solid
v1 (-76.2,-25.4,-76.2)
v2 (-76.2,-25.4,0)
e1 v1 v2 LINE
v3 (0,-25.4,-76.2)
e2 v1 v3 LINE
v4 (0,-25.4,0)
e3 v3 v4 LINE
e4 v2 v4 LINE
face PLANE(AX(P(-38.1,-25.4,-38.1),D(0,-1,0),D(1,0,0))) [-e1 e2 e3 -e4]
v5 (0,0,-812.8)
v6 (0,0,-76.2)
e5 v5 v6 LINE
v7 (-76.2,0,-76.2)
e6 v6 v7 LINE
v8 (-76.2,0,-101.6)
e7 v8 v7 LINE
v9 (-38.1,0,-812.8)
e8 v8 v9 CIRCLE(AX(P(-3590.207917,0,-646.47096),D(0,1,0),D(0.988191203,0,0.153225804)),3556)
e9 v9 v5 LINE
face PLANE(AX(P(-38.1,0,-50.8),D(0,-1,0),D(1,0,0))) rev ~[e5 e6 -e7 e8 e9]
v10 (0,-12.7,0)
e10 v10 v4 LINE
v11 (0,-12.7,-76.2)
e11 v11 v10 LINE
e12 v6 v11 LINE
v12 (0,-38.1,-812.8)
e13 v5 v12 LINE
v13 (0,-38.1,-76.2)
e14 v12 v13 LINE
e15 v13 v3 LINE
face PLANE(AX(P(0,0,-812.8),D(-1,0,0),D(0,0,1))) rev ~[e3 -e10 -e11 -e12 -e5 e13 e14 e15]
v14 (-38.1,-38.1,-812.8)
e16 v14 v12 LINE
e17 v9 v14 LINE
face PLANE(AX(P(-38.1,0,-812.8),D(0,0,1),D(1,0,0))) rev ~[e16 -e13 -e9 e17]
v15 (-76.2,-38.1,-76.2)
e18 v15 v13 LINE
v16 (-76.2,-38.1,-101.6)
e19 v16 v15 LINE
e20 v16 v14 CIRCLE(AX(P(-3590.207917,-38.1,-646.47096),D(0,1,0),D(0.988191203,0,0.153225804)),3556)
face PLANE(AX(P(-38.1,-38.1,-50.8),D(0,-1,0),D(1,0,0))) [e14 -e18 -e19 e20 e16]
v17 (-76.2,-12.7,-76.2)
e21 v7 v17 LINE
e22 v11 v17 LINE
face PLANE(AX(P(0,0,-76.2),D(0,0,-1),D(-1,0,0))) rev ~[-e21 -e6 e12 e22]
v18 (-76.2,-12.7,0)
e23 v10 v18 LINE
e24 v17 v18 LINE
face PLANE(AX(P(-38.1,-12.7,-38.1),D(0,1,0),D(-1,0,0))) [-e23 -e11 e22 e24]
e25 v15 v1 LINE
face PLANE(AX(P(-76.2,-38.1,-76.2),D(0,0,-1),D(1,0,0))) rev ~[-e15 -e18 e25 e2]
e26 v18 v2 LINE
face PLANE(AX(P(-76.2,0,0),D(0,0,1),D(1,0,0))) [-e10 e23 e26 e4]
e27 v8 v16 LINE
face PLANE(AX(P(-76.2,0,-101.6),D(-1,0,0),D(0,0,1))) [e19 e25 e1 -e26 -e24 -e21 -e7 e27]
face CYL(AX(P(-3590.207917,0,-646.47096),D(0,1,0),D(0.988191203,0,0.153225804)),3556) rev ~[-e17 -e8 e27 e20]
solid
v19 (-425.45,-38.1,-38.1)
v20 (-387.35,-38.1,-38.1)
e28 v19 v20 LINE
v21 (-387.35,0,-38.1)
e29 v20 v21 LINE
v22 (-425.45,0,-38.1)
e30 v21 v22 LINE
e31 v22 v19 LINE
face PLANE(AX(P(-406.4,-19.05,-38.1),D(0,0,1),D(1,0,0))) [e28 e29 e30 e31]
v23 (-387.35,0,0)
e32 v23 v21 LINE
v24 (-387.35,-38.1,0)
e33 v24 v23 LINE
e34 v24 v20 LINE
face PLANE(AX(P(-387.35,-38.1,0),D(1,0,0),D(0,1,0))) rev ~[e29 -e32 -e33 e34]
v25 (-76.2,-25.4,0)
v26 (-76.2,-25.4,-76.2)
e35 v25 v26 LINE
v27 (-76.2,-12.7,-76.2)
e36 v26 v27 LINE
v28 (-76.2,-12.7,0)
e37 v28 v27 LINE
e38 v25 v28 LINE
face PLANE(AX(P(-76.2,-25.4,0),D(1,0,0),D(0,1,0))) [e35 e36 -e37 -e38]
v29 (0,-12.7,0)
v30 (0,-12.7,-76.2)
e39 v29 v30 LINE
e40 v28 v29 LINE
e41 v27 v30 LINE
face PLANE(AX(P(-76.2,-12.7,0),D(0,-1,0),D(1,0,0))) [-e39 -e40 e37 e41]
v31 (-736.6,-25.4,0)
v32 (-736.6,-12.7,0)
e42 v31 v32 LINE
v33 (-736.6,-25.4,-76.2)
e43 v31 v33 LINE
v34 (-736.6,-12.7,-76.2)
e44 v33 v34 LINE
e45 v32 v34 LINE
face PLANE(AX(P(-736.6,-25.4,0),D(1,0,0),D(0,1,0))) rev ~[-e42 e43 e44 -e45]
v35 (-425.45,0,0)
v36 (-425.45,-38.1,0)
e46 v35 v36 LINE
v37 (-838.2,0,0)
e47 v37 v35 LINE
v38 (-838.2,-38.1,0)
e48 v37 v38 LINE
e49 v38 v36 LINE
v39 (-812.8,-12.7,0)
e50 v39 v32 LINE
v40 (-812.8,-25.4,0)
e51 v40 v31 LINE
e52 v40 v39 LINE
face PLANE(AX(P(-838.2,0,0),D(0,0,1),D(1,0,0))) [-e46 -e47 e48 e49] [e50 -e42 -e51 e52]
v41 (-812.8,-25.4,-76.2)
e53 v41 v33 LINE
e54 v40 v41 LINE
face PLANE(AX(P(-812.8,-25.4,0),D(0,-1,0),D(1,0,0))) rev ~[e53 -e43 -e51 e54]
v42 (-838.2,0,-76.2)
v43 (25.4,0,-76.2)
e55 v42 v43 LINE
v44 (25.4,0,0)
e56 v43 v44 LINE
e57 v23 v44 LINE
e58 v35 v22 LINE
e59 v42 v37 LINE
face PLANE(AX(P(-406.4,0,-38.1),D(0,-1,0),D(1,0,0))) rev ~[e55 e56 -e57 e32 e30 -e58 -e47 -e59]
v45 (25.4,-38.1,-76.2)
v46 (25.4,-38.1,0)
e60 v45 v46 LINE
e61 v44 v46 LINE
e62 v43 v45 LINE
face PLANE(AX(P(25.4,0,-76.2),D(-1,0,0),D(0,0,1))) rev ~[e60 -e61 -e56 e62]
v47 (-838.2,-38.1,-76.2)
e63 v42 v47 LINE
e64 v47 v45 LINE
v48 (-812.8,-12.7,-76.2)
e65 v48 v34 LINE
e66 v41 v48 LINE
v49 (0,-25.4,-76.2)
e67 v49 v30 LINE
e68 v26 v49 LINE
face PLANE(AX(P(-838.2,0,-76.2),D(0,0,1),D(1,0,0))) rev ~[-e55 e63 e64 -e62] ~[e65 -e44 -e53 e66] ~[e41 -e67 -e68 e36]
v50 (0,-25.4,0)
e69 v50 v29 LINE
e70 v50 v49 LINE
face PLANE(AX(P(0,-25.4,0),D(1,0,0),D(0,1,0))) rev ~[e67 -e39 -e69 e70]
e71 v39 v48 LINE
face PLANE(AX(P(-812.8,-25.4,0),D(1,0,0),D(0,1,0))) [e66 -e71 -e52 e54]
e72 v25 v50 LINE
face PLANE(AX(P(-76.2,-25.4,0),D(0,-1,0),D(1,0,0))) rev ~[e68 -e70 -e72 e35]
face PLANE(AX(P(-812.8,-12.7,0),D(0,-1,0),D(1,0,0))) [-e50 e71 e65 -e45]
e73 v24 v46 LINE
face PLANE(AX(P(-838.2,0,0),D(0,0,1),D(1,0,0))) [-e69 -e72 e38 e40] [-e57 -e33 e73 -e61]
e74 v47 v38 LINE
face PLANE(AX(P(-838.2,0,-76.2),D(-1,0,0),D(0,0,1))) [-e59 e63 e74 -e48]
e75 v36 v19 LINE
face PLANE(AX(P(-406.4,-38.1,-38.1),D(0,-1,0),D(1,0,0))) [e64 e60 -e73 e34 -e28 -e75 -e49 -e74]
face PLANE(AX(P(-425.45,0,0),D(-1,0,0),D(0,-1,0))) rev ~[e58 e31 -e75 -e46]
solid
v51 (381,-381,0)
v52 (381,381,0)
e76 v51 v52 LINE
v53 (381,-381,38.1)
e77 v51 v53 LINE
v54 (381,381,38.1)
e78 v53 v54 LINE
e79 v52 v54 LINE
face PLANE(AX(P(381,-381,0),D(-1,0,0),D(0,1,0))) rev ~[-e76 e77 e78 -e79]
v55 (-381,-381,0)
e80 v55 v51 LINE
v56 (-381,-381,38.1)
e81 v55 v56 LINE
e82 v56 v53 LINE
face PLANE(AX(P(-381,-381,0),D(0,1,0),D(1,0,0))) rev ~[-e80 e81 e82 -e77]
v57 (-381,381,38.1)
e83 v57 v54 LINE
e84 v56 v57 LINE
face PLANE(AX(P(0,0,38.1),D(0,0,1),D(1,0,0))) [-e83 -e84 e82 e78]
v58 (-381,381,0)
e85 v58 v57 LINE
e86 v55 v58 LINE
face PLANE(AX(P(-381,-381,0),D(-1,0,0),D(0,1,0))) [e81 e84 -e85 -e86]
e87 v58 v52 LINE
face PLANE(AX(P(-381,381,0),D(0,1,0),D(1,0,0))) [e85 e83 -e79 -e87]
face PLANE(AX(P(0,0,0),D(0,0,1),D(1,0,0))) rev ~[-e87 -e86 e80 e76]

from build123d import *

# Parameters (mm, degrees)
F0_W      = 76.2
F0_H      = 101.6
F1_DEPTH  = 38.1
F2_W      = 76.2
F2_H      = 76.2
F3_DEPTH  = 12.7
F4_W      = 76.2
F4_H      = 76.2
F5_DEPTH  = 12.7
F6_W      = 863.6
F6_H      = 76.2
F7_DEPTH  = 38.1
F8_W      = 76.2
F8_H      = 12.7
F9_DEPTH  = 812.801
F11_DEPTH = 38.1
F12_W     = 762
F12_H     = 762
F13_DEPTH = 38.1


with BuildPart() as f1:
    # F0 (on Front) → F1 (new body)
    with BuildSketch(Plane.XZ):
        with Locations((-38.1, -50.8)):
            Rectangle(F0_W, F0_H)
        with BuildLine():
            Line((0, -101.6), (-76.2, -101.6))
            ThreePointArc((-76.2, -101.6), (-39.2996381375, -456.2437306145), (-38.1, -812.8))
            Line((-38.1, -812.8), (0, -812.8))
            Line((0, -812.8), (0, -101.6))
        make_face()
    extrude(amount=F1_DEPTH)

    # F2 (on face) → F3 (cut)
    with BuildSketch(Plane.XZ.offset(38.1)):
        with Locations((-38.1, -38.1)):
            Rectangle(F2_W, F2_H)
    extrude(amount=-F3_DEPTH, mode=Mode.SUBTRACT)

    # F4 (on face) → F5 (cut)
    with BuildSketch(Plane(origin=(0, 0, 0), x_dir=(-1, 0, 0), z_dir=(0, 1, 0))):
        with Locations((38.1, -38.1)):
            Rectangle(F4_W, F4_H)
    extrude(amount=-F5_DEPTH, mode=Mode.SUBTRACT)


with BuildPart() as f7:
    # F6 (on Front) → F7 (new body)
    with BuildSketch(Plane.XZ):
        with Locations((-406.4, -38.1)):
            Rectangle(F6_W, F6_H)
    extrude(amount=F7_DEPTH)

    # F8 (on face) → F9 (cut, through all)
    with BuildSketch(Plane.XY):
        with Locations((-38.1, -19.05)):
            Rectangle(F8_W, F8_H)
        with Locations((-774.7, -19.05)):
            Rectangle(F8_W, F8_H)
    extrude(amount=-F9_DEPTH, mode=Mode.SUBTRACT)

    # F10 (on face) → F11 (cut)
    with BuildSketch(Plane.XY):
        Polygon((-406.4, 0), (-425.45, 0), (-425.45, -38.1), (-406.4, -38.1), (-387.35, -38.1), (-387.35, 0), align=None)
    extrude(amount=-F11_DEPTH, mode=Mode.SUBTRACT)


with BuildPart() as f13:
    # F12 (on face) → F13 (new body)
    with BuildSketch(Plane.XY):
        Rectangle(F12_W, F12_H)
    extrude(amount=F13_DEPTH)


solid = Compound([f1.part, f7.part, f13.part])
